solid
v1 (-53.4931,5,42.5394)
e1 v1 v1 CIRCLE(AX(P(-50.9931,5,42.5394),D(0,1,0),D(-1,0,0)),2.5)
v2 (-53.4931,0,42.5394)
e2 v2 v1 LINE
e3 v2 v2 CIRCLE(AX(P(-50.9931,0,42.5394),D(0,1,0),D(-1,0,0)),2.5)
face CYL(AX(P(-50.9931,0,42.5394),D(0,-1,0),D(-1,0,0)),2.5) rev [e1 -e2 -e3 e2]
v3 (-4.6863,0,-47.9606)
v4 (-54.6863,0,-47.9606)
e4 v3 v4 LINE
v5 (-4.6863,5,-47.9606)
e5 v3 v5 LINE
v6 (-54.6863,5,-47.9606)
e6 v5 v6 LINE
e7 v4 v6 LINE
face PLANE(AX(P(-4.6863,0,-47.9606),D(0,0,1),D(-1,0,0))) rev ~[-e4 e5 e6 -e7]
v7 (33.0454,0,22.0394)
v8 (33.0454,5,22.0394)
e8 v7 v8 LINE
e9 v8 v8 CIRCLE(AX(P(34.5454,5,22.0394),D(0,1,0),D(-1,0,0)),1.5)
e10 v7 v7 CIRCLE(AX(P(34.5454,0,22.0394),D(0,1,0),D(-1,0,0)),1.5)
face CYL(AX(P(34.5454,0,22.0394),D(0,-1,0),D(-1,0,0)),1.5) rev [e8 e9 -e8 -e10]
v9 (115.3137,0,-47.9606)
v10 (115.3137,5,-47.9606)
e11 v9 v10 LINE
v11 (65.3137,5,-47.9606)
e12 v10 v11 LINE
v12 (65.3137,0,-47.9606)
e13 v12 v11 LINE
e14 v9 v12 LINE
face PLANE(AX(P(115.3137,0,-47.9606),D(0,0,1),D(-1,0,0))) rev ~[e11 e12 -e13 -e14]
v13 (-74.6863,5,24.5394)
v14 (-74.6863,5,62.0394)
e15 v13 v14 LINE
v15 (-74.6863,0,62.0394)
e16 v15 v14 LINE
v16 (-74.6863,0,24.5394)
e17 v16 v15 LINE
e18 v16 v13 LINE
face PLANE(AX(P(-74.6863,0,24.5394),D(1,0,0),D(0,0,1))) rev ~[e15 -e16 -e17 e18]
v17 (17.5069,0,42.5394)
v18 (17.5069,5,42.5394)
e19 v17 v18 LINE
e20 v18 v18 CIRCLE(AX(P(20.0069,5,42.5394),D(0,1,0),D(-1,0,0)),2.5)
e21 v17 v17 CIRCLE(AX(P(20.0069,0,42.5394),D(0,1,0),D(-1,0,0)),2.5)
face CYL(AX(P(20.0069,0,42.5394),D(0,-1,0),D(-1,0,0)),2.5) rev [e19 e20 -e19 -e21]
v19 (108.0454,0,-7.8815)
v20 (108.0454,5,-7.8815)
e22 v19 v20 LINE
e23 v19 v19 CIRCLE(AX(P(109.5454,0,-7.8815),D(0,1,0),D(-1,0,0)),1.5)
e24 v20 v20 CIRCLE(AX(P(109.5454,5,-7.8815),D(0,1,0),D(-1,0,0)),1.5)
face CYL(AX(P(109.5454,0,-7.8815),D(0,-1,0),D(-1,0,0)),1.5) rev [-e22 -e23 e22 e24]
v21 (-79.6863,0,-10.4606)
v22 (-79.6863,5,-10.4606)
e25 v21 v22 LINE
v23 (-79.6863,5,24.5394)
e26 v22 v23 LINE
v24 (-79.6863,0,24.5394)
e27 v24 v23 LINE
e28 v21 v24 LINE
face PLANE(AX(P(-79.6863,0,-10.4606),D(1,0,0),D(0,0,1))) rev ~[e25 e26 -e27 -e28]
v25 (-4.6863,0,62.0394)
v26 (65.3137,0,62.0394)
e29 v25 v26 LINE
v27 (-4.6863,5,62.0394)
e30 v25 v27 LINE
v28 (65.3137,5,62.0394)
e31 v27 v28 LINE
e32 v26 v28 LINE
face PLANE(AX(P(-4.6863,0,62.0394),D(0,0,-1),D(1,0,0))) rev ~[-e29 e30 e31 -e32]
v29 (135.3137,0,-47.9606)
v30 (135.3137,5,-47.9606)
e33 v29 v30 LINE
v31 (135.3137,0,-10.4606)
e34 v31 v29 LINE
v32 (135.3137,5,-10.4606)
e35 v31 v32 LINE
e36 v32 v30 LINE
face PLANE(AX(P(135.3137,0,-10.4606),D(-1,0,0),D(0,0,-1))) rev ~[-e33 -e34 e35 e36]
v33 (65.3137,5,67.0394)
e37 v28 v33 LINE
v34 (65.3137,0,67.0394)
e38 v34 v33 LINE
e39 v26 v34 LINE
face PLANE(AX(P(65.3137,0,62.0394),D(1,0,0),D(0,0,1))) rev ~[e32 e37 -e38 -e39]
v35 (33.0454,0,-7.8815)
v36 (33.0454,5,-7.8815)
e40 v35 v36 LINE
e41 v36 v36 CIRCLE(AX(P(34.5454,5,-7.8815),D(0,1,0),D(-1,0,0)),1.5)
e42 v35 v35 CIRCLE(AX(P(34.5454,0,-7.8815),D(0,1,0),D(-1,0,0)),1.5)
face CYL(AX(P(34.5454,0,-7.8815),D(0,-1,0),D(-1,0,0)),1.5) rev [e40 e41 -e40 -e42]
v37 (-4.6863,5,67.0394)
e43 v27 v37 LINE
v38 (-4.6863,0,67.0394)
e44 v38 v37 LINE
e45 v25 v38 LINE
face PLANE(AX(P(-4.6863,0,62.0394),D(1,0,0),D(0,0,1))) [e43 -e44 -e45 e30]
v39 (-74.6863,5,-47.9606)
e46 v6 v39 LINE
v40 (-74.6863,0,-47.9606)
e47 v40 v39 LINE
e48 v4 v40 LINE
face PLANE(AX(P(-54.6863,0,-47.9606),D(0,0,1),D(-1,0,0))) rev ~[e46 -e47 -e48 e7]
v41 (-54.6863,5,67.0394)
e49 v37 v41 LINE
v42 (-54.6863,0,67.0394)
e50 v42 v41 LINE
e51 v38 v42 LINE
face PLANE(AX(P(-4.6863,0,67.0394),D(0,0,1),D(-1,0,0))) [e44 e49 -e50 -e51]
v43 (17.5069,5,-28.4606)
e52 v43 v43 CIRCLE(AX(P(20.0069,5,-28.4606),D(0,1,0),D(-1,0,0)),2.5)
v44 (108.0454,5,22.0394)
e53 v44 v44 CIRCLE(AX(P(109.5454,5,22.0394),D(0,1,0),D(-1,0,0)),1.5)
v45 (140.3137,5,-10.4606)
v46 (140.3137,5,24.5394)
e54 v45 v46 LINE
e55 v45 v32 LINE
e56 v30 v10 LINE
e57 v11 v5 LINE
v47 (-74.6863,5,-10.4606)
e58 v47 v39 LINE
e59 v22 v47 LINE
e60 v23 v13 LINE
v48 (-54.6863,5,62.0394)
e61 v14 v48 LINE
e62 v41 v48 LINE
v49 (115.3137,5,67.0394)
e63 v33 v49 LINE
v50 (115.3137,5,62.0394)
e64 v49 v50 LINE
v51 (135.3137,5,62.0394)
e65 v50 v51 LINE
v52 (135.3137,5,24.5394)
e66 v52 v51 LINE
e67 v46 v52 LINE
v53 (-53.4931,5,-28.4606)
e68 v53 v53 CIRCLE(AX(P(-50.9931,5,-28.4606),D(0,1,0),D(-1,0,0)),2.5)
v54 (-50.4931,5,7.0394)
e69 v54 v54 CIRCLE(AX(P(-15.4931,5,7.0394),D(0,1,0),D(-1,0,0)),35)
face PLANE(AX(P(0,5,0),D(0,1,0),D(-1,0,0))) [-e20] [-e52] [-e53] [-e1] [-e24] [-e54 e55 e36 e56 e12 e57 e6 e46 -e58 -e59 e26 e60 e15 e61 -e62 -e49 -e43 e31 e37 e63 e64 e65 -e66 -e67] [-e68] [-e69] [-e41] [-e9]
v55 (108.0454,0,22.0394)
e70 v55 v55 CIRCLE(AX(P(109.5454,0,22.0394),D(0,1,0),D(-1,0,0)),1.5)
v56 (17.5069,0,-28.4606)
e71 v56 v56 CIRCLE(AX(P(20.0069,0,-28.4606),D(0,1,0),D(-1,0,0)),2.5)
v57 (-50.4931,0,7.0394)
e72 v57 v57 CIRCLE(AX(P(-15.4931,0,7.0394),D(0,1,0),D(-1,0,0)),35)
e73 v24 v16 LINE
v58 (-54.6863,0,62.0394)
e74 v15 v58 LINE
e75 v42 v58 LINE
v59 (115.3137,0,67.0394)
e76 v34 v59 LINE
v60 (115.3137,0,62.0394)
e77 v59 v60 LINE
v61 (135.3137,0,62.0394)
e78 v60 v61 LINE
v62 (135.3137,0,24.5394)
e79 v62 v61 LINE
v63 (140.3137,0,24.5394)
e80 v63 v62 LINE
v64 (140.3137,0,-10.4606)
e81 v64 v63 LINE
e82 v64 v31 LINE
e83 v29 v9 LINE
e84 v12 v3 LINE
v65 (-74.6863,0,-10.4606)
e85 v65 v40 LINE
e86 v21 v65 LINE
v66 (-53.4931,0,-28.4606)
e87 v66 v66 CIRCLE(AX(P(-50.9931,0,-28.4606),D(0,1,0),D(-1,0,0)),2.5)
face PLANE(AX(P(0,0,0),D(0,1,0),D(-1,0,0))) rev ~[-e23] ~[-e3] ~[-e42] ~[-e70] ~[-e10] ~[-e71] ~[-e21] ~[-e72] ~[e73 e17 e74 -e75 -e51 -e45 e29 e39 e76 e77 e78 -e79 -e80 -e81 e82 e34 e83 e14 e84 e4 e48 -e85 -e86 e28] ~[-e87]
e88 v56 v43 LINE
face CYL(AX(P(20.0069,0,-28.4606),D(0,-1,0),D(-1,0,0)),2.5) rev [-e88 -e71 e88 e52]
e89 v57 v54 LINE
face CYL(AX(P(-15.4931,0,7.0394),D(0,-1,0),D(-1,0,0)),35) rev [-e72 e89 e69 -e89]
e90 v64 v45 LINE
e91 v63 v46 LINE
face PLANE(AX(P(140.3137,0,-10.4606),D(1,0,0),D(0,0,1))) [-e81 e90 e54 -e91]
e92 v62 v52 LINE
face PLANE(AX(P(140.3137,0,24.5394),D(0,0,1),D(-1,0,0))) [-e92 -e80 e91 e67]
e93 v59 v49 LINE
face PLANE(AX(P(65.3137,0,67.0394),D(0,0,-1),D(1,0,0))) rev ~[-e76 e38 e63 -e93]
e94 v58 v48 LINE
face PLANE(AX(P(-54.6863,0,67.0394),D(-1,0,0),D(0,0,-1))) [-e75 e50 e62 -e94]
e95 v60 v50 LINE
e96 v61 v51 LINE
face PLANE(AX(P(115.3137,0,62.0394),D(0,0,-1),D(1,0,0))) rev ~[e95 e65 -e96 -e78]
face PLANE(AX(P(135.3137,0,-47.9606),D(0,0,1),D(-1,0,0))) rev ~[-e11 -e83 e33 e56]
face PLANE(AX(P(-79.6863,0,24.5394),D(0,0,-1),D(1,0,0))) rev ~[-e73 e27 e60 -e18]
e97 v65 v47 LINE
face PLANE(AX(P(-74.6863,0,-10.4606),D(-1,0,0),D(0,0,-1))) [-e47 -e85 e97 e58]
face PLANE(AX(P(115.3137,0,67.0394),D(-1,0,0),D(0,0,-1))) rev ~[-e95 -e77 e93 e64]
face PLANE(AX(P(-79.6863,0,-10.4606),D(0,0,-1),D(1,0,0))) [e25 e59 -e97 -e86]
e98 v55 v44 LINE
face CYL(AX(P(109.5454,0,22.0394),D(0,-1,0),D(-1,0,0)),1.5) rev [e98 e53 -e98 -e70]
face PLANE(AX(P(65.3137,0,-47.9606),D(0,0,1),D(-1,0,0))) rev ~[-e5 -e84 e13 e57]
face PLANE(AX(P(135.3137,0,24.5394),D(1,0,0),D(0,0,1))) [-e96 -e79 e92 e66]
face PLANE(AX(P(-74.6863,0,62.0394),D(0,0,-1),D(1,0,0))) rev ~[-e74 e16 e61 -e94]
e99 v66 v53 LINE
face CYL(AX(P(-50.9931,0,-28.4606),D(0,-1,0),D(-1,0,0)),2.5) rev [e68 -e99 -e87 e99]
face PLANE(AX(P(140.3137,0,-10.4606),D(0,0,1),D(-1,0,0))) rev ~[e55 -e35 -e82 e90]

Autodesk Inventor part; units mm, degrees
ref_plane "YZ Plane" through (0, 0, 0) normal (1, 0, 0) x (0, 1, 0)
ref_plane "XZ Plane" through (0, 0, 0) normal (0, 1, 0) x (-1, 0, 0)
ref_plane "XY Plane" through (0, 0, 0) normal (0, 0, 1) x (1, 0, 0)
sketch "Sketch1" plane through (0, 0, 0) normal (0, 1, 0) x (-1, 0, 0)
  line L0 (4.6863, 62.0394) -> (4.6863, 67.0394)
  line L1 (4.6863, 67.0394) -> (54.6863, 67.0394)
  line L2 (54.6863, 67.0394) -> (54.6863, 62.0394)
  line L3 (74.6863, 62.0394) -> (54.6863, 62.0394)
  line L4 (-65.3137, 62.0394) -> (-65.3137, 67.0394)
  line L5 (-65.3137, 67.0394) -> (-115.3137, 67.0394)
  line L6 (-115.3137, 67.0394) -> (-115.3137, 62.0394)
  line L7 (4.6863, 62.0394) -> (-65.3137, 62.0394)
  line L8 (-115.3137, 62.0394) -> (-135.3137, 62.0394)
  circle A0 centre (15.4931, 7.0394) radius 35
  line L9 (-135.3137, -47.9606) -> (-115.3137, -47.9606)
  line L10 (-65.3137, -47.9606) -> (4.6863, -47.9606)
  line L11 (54.6863, -47.9606) -> (74.6863, -47.9606)
  line L12 (79.6863, -10.4606) -> (74.6863, -10.4606)
  line L13 (74.6863, -10.4606) -> (74.6863, -47.9606)
  line L14 (79.6863, -10.4606) -> (79.6863, 24.5394)
  line L15 (79.6863, 24.5394) -> (74.6863, 24.5394)
  line L16 (74.6863, 24.5394) -> (74.6863, 62.0394)
  line L17 (-140.3137, -10.4606) -> (-140.3137, 24.5394)
  line L18 (-140.3137, -10.4606) -> (-135.3137, -10.4606)
  line L19 (-135.3137, -10.4606) -> (-135.3137, -47.9606)
  line L20 (-140.3137, 24.5394) -> (-135.3137, 24.5394)
  line L21 (-135.3137, 24.5394) -> (-135.3137, 62.0394)
  line L22 (-115.3137, -47.9606) -> (54.6863, -47.9606)
  circle A1 centre (50.9931, -28.4606) radius 2.5
  circle A2 centre (-20.0069, -28.4606) radius 2.5
  circle A3 centre (-20.0069, 42.5394) radius 2.5
  circle A4 centre (50.9931, 42.5394) radius 2.5
  line L23 (-112.0454, -9.184) -> (-112.0454, -9.084)
  circle A5 centre (-109.5454, -7.8815) radius 1.5
  circle A6 centre (-109.5454, 22.0394) radius 1.5
  circle A7 centre (-34.5454, 22.0394) radius 1.5
  circle A8 centre (-34.5454, -7.8815) radius 1.5
  point P0 (0, 0)
  dimension "d6" = 50
  dimension "d7" = 5
  dimension "d9" = 50
  dimension "d10" = 5
  dimension "d12" = 70
  dimension "d13" = 50
  dimension "d29" = 70
  dimension "d44" = 5
  dimension "d45" = 5
  dimension "d46" = 5
  dimension "d47" = 5
  dimension "d57" = 3
  dimension "d60" = 3
  dimension "d63" = 3
  dimension "d64" = 3
extrude "Extrusion4" add sketch "Sketch1" along normal blind 5
properties part number "Part Sisi 1"
